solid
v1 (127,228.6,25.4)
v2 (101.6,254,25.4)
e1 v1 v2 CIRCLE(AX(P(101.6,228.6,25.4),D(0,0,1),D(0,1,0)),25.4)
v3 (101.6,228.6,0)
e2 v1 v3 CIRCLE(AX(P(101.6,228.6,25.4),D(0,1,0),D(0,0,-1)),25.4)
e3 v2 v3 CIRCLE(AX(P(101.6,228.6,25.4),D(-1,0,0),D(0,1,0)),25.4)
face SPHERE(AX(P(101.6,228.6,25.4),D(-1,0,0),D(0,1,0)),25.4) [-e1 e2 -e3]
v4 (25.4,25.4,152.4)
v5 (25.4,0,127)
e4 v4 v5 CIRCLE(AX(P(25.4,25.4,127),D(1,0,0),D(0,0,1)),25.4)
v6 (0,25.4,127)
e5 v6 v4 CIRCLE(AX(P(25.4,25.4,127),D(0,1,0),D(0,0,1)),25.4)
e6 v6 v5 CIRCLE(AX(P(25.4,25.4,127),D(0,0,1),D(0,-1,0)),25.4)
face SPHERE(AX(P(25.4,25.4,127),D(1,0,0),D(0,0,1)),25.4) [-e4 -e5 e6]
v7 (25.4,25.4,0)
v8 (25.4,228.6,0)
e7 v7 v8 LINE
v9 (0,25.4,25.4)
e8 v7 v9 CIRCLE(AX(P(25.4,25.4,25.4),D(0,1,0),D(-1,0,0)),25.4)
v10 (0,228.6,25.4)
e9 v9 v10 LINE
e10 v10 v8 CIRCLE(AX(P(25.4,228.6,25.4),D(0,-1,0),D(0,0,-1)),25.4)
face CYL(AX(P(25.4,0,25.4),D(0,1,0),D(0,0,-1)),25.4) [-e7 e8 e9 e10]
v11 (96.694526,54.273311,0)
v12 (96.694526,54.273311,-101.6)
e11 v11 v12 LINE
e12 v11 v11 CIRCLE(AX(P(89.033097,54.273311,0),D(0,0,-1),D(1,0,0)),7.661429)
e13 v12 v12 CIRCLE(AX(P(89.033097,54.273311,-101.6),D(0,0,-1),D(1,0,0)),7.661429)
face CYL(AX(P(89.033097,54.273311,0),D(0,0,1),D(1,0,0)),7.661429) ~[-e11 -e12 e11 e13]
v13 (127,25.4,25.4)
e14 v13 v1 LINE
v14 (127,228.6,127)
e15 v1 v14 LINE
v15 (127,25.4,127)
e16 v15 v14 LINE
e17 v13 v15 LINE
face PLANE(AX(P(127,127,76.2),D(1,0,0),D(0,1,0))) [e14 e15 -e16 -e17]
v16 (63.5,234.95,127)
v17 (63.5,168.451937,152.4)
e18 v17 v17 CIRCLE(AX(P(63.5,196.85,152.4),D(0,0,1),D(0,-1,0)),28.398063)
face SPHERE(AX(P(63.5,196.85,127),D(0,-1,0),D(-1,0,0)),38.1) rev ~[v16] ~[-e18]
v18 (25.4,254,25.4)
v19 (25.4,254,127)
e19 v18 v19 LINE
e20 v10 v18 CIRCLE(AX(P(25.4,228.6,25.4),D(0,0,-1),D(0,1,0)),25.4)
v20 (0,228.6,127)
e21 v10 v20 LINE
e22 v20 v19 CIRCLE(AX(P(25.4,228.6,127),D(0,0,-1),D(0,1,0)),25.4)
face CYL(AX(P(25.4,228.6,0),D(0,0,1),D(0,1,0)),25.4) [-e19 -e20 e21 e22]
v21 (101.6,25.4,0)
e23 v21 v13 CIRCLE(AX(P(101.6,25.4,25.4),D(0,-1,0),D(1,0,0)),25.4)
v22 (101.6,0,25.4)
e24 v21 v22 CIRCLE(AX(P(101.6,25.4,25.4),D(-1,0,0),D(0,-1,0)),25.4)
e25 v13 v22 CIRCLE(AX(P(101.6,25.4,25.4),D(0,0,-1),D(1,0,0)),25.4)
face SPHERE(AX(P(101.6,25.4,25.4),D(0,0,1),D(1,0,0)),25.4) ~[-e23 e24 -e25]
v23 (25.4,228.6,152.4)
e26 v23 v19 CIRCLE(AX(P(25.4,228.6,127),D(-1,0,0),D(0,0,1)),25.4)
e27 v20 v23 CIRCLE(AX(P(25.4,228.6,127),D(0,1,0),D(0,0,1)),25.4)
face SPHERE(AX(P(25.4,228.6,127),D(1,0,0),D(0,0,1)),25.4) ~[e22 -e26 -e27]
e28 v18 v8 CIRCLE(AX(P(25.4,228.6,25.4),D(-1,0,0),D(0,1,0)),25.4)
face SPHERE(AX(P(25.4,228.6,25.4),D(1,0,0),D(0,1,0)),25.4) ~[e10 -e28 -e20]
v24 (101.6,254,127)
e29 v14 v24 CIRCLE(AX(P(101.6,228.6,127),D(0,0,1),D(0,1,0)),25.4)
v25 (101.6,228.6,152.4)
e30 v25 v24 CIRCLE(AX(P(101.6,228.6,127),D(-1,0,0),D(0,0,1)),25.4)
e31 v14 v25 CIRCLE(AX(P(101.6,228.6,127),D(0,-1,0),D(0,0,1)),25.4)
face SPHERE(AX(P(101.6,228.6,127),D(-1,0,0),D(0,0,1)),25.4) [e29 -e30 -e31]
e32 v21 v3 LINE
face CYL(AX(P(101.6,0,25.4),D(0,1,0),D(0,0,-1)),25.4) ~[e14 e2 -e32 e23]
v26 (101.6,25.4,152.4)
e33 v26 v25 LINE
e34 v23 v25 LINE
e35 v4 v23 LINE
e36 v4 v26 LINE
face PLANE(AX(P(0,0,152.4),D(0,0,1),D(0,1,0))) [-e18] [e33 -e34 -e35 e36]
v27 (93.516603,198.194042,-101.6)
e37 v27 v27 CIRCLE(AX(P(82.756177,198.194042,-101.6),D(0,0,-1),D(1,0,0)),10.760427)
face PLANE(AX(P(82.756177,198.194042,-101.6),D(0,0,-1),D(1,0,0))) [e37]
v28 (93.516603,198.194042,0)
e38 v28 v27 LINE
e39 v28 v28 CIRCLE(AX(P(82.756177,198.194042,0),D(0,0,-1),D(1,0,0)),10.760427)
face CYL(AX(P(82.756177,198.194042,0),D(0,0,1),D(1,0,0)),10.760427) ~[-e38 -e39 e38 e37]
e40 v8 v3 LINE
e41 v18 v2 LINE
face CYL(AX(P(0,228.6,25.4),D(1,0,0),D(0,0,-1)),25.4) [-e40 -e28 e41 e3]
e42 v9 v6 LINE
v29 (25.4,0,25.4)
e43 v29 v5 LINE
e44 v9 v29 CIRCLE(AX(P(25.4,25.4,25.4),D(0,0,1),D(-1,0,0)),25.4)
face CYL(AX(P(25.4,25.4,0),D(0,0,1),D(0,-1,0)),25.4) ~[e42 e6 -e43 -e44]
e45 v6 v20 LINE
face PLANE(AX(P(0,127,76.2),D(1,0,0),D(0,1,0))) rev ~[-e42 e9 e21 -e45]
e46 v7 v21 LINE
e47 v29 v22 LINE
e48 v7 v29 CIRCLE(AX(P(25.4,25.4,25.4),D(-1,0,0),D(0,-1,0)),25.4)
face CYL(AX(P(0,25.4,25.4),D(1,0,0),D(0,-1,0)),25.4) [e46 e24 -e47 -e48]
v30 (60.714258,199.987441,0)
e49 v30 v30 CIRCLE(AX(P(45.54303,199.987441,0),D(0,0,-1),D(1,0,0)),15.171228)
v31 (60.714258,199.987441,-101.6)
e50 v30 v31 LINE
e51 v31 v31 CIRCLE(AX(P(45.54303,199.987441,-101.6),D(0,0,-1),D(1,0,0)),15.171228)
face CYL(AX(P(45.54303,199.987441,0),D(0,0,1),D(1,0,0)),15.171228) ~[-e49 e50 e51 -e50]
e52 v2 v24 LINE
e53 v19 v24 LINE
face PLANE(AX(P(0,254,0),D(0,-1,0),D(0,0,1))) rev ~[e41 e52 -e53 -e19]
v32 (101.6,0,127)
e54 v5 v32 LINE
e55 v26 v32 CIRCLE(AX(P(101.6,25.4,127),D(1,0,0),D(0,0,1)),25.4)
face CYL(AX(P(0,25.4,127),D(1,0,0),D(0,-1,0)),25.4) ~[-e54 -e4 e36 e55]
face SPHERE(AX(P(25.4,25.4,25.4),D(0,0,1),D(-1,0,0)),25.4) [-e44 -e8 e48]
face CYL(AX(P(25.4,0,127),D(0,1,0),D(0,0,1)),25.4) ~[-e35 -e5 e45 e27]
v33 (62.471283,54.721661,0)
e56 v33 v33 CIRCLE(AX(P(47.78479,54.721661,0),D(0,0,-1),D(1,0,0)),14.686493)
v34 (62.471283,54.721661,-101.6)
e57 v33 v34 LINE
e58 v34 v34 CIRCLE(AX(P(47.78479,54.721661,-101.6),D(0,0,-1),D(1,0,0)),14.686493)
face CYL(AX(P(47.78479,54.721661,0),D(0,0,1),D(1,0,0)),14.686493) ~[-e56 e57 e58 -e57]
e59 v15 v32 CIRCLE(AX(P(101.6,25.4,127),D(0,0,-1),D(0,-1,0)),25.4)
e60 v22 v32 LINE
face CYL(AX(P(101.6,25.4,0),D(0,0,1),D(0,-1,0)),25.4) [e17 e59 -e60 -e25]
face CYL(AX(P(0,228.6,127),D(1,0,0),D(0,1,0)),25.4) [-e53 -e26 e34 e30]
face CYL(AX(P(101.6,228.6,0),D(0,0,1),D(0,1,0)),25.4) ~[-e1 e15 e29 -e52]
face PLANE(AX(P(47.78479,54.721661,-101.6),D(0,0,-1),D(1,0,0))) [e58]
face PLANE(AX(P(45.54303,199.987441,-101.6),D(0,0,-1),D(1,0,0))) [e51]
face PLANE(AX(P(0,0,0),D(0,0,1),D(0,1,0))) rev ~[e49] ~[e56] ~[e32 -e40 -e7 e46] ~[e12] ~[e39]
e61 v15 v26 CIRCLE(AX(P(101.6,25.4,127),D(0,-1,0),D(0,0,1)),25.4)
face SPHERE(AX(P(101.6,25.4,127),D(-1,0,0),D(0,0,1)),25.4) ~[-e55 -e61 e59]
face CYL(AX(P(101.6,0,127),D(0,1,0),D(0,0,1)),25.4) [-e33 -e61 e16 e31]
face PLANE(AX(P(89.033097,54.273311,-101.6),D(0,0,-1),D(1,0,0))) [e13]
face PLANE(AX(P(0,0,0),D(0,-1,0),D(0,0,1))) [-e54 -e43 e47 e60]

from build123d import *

# Parameters (mm, degrees)
F0_W     = 254
F0_H     = 152.4
F1_DEPTH = 127
F2_R     = 25.4
F6_R     = 14.6864926798
F6_R_2   = 7.661429367
F6_R_3   = 15.1712278357
F6_R_4   = 10.7604265213
F7_DEPTH = 101.6


with BuildPart() as f1:
    # F0 (on Right) → F1 (new body)
    with BuildSketch(Plane.YZ):
        with Locations((127, 76.2)):
            Rectangle(F0_W, F0_H)
    extrude(amount=F1_DEPTH)

    # F2
    f2_edges = [f1.edges().sort_by_distance(p)[0] for p in [
        (63.5, 254, 152.4),
        (63.5, 0, 152.4),
        (0, 127, 152.4),
        (127, 127, 152.4),
        (63.5, 254, 0),
        (0, 254, 76.2),
        (127, 254, 76.2),
        (127, 0, 76.2),
        (127, 127, 0),
        (0, 0, 76.2),
        (0, 127, 0),
        (63.5, 0, 0),
    ]]
    fillet(f2_edges, radius=F2_R)

    # F4 (on offset) → F5 (revolve, cut)
    with BuildSketch(Plane.XY.offset(127)):
        with BuildLine():
            Line((63.5, 158.75), (63.5, 234.95))
            ThreePointArc((63.5, 234.95), (25.4, 196.85), (63.5, 158.75))
        make_face()
    revolve(axis=Axis((63.5, 196.85, 127), (0, -1, 0)), mode=Mode.SUBTRACT)

    # F6 (on face) → F7 (join)
    with BuildSketch(Plane(origin=(0, 0, 0), x_dir=(1, 0, 0), z_dir=(0, 0, -1))):
        with Locations((47.7847903967, -54.721660912)):
            Circle(F6_R)
        with Locations((89.0330970287, -54.2733110487)):
            Circle(F6_R_2)
        with Locations((45.5430299044, -199.9874413013)):
            Circle(F6_R_3)
        with Locations((82.7561765909, -198.1940418482)):
            Circle(F6_R_4)
    extrude(amount=F7_DEPTH)


solid = f1.part
